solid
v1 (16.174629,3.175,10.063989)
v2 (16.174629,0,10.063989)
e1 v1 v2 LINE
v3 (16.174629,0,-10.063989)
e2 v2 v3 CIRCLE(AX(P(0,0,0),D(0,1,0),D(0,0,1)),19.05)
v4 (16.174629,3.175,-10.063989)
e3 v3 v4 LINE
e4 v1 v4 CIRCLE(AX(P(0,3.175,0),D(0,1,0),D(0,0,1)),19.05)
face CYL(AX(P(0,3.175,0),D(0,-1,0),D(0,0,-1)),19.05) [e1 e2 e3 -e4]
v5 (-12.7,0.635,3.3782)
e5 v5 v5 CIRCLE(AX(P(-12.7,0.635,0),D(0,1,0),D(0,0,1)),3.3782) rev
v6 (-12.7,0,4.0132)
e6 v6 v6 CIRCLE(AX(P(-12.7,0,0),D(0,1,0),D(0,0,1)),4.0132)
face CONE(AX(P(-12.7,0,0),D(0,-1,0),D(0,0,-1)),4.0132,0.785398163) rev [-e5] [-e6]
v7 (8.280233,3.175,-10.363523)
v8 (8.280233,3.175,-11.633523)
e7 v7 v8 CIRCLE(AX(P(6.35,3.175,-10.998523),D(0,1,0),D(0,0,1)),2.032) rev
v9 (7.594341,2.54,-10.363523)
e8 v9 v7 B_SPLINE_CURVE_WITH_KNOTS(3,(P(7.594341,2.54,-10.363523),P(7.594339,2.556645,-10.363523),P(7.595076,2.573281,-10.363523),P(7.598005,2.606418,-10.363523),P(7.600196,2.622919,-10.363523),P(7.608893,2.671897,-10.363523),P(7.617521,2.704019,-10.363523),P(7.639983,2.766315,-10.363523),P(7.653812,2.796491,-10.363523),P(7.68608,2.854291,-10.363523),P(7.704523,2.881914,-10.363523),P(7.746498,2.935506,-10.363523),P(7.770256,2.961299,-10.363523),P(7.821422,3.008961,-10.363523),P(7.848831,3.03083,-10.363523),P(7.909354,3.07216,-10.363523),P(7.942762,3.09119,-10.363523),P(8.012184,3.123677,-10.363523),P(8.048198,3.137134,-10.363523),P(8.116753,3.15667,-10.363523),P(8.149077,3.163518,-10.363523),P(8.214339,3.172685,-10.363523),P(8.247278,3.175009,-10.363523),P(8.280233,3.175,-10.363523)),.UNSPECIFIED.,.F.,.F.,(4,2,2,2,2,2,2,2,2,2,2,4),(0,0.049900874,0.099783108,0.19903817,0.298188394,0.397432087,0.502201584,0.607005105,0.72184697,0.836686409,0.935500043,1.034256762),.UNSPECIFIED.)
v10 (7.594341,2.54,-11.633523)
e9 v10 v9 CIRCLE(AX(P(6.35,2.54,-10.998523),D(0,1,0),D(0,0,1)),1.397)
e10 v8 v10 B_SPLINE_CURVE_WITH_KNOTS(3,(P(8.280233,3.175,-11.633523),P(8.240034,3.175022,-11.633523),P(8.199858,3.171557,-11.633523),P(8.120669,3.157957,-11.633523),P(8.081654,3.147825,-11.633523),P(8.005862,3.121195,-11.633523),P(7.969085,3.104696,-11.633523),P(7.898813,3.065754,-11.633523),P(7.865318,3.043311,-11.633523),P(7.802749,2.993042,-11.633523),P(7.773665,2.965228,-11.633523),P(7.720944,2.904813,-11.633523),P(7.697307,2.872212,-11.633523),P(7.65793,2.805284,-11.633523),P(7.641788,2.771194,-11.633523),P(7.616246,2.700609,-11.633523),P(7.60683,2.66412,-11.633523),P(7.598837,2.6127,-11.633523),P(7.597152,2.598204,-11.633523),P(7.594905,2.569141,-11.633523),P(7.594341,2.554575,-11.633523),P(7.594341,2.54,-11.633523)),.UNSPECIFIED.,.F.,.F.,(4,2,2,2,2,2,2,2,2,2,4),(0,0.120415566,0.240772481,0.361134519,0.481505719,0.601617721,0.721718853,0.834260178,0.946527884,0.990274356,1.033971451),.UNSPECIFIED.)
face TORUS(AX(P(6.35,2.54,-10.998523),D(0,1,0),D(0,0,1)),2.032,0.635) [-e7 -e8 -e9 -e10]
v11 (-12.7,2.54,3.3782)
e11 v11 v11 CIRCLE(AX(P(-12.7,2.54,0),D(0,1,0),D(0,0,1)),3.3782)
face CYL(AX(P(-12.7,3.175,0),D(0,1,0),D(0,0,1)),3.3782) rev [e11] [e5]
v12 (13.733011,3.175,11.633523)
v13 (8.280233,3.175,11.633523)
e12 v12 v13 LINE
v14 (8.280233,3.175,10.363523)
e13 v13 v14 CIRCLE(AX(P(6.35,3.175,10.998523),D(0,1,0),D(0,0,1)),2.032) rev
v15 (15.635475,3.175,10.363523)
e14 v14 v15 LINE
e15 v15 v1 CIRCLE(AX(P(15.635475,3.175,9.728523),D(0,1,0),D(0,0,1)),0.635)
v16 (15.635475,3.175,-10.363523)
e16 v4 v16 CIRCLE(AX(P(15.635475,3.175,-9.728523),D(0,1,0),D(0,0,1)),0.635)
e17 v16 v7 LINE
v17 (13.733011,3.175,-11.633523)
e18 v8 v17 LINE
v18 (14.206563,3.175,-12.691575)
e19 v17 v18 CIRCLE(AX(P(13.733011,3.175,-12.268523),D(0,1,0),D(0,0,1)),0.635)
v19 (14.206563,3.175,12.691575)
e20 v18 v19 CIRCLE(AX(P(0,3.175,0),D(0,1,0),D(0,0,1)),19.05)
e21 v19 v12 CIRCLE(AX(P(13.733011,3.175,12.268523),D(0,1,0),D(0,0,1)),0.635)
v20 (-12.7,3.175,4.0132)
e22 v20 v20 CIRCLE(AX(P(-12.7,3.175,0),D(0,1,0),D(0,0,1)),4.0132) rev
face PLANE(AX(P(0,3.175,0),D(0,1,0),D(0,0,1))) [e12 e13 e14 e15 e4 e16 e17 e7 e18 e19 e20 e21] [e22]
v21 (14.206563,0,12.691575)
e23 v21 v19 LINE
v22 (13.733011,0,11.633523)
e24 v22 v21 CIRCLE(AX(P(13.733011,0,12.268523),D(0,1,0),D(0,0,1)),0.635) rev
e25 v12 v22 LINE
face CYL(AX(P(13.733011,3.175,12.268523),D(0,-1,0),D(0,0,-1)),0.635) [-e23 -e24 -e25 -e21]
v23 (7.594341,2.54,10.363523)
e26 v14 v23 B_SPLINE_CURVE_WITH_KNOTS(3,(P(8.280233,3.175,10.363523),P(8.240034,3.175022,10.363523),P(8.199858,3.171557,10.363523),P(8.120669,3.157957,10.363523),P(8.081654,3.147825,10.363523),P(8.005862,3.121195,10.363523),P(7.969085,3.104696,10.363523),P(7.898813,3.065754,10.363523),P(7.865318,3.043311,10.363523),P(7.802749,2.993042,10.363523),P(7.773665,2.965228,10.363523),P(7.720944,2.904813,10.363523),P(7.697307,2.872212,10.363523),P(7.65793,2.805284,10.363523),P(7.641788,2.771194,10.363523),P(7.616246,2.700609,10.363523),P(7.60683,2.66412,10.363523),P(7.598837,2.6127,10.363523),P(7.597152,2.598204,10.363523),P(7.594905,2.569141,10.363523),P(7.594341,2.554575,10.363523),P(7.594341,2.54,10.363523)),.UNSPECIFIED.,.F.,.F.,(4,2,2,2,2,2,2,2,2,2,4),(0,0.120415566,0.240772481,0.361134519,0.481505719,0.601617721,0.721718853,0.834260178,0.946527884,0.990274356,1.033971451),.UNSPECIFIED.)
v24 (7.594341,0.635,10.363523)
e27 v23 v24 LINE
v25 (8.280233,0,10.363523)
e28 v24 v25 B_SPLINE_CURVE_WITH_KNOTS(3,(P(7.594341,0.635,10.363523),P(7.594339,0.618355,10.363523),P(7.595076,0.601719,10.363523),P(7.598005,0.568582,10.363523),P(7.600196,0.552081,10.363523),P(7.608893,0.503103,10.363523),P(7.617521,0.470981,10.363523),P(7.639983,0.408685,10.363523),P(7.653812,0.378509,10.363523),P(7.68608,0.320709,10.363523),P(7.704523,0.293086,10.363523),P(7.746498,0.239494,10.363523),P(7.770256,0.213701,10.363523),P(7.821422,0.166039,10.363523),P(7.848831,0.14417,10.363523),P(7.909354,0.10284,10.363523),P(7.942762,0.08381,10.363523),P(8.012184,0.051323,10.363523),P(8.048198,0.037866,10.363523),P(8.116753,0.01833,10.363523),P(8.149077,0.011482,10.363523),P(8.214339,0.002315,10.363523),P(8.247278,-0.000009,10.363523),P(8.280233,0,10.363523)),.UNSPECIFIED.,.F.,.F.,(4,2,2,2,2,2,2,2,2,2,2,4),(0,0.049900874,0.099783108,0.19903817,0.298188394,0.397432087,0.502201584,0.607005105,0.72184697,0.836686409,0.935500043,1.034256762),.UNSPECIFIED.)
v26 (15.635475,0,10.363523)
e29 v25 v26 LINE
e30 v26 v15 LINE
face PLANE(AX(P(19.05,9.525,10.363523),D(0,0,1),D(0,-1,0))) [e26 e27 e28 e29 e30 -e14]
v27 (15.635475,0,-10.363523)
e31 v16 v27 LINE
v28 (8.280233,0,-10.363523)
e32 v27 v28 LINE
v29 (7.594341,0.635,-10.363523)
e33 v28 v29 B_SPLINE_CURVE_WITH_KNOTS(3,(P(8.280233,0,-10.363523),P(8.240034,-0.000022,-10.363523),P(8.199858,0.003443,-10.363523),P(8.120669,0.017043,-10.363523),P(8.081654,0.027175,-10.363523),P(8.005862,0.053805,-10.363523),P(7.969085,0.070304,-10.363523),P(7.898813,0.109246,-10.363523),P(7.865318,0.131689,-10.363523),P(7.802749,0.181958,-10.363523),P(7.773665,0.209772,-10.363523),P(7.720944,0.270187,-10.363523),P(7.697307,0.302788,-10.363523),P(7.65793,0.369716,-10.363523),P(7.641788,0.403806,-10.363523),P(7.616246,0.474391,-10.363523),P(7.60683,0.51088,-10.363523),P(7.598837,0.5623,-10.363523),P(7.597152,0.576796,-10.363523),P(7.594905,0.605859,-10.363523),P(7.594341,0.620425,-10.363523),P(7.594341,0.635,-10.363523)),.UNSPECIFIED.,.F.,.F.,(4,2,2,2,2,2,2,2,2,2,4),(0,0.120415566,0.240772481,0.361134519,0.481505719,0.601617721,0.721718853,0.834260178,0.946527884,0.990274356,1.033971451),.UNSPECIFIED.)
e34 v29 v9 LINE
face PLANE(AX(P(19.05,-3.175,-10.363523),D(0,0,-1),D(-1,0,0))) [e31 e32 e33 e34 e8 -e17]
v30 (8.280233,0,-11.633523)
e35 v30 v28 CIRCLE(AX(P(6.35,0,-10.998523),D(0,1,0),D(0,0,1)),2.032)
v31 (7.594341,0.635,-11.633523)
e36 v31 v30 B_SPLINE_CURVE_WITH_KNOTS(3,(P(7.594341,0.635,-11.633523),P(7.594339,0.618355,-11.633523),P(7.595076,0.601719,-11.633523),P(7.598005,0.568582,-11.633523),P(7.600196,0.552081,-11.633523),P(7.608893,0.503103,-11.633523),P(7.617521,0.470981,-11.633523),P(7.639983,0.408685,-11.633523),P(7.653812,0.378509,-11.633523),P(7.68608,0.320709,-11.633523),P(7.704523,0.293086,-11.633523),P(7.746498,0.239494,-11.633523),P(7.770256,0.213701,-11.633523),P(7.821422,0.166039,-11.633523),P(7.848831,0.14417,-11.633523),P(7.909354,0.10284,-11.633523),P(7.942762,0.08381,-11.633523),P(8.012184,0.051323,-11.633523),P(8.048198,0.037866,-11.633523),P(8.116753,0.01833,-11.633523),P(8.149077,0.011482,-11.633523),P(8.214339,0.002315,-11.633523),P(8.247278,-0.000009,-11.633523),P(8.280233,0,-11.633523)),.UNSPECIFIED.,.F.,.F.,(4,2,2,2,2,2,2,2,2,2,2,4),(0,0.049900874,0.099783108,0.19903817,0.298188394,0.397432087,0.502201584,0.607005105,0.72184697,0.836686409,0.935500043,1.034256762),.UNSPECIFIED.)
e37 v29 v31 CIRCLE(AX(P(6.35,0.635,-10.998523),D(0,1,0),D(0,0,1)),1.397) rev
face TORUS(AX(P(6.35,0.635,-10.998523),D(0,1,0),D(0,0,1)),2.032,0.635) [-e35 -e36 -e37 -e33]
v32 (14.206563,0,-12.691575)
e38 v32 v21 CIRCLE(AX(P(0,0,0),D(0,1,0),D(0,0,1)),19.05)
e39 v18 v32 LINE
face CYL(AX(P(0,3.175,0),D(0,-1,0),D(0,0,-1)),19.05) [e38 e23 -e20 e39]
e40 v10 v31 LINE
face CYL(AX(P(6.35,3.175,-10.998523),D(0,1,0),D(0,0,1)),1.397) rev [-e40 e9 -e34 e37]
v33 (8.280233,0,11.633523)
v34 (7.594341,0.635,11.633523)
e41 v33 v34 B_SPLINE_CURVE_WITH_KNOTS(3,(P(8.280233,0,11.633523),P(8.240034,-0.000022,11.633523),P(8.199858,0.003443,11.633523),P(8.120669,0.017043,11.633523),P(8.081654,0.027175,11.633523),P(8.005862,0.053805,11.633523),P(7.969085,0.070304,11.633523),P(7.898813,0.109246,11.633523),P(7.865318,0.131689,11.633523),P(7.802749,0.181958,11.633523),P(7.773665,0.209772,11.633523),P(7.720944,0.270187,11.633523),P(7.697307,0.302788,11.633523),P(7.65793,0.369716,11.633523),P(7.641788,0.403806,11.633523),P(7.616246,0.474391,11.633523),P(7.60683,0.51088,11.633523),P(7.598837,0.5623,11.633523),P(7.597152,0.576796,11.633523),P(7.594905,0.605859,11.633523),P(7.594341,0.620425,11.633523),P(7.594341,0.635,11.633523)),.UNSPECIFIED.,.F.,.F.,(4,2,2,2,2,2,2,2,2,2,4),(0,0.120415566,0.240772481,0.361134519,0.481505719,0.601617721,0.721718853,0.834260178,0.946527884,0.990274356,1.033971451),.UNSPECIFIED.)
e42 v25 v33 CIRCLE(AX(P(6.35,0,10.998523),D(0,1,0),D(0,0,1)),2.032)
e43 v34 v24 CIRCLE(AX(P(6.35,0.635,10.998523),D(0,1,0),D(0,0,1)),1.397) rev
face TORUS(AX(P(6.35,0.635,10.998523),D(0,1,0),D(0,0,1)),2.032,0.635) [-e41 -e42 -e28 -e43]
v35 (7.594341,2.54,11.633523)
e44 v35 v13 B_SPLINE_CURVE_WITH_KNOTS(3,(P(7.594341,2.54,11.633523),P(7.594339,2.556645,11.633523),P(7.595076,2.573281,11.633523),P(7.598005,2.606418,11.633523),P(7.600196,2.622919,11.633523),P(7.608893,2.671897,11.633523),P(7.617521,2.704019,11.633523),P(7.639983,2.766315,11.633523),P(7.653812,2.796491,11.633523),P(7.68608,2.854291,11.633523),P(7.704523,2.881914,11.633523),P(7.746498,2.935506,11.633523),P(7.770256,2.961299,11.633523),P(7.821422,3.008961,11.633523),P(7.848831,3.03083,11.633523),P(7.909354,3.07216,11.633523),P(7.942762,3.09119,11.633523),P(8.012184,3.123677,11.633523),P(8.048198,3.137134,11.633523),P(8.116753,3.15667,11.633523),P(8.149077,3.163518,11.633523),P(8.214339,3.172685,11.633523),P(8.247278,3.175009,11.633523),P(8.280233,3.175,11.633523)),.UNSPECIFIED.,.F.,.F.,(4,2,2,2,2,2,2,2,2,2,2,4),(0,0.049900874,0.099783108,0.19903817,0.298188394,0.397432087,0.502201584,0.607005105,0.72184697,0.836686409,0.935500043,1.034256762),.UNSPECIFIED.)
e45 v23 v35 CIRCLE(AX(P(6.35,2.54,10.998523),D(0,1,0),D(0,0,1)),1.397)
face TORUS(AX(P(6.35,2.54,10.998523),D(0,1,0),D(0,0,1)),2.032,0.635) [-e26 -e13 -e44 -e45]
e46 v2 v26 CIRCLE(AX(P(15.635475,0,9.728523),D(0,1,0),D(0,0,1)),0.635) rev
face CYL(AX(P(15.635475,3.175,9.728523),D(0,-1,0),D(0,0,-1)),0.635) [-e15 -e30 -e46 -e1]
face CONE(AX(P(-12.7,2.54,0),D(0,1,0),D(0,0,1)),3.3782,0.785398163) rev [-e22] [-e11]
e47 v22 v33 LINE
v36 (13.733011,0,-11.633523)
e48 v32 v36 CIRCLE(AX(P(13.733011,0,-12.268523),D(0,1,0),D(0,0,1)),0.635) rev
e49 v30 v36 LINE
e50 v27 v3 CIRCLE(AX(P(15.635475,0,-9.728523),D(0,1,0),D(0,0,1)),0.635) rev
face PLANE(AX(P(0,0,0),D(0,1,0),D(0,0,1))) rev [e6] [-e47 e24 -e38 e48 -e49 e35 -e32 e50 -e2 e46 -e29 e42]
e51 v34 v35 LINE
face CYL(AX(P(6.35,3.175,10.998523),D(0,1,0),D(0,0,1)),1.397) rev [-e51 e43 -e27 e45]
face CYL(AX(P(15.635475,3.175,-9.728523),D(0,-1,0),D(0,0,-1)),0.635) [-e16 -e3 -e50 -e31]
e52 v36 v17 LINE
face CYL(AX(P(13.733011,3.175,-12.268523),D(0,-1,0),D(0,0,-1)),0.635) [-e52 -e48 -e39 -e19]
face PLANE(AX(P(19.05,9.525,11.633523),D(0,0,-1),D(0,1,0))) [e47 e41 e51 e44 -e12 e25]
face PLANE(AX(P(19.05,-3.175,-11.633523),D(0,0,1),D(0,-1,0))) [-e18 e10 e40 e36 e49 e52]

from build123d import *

# Parameters (mm, degrees)
SKETCH1_R             = 19.05
BOSS_EXTRUDE1_DEPTH   = 3.175
TIEDOWN_HOLE_D        = 6.7564
MONOFILAMENT_HOLE_D   = 2.794
MONOFILAMENT_HOLE_2_D = 2.794
CHAMFER1_SIZE         = 0.635
SKETCH10_W            = 1.27
SKETCH10_H            = 12.7
CUT_EXTRUDE1_DEPTH    = 13.7
FILLET1_R             = 0.635


with BuildPart() as part:
    # Sketch1 → Boss-Extrude1 (new body)
    with BuildSketch(Plane(origin=(0, 0, 0), x_dir=(1, 0, 0), z_dir=(0, 1, 0))):
        Circle(SKETCH1_R)
    extrude(amount=BOSS_EXTRUDE1_DEPTH)

    # Tiedown Hole (through all)
    with Locations(Plane(origin=(0, 3.175, 0), x_dir=(1, 0, 0), z_dir=(0, 1, 0))):
        with Locations((-12.7, 0)):
            Hole(TIEDOWN_HOLE_D / 2)

    # Monofilament Hole (through all)
    with Locations(Plane(origin=(0, 3.175, 0), x_dir=(-1, 0, 0), z_dir=(0, 1, 0))):
        with Locations((-6.35, -10.998522628)):
            Hole(MONOFILAMENT_HOLE_D / 2)

    # Monofilament Hole 2 (through all)
    with Locations(Plane(origin=(0, 3.175, 0), x_dir=(1, 0, 0), z_dir=(0, 1, 0))):
        with Locations((6.35, -10.998522628)):
            Hole(MONOFILAMENT_HOLE_2_D / 2)

    # Chamfer1
    chamfer1_edges = [part.edges().sort_by_distance(p)[0] for p in [
        (-9.3218, 3.175, 0),
        (-9.3218, 0, 0),
    ]]
    chamfer(chamfer1_edges, length=CHAMFER1_SIZE)

    # Sketch10 → Cut-Extrude1 (cut, through all)
    with BuildSketch(Plane(origin=(6.35, 6.35, 0), x_dir=(0, 0, 1), z_dir=(1, 0, 0))):
        with Locations((10.998522628, 3.175)):
            Rectangle(SKETCH10_W, SKETCH10_H)
        with Locations((-10.998522628, 3.175)):
            Rectangle(SKETCH10_W, SKETCH10_H)
    extrude(amount=CUT_EXTRUDE1_DEPTH, mode=Mode.SUBTRACT)

    # Fillet1
    fillet1_edges = [part.edges().sort_by_distance(p)[0] for p in [
        (4.953, 0, 10.998522628),
        (4.953, 3.175, 10.998522628),
        (4.953, 0, -10.998522628),
        (4.953, 3.175, -10.998522628),
        (15.984364196, 1.5875, 10.363522628),
        (15.085213, 1.5875, 11.633522628),
        (15.984364196, 1.5875, -10.363522628),
        (15.085213, 1.5875, -11.633522628),
    ]]
    fillet(fillet1_edges, radius=FILLET1_R)


solid = part.part
